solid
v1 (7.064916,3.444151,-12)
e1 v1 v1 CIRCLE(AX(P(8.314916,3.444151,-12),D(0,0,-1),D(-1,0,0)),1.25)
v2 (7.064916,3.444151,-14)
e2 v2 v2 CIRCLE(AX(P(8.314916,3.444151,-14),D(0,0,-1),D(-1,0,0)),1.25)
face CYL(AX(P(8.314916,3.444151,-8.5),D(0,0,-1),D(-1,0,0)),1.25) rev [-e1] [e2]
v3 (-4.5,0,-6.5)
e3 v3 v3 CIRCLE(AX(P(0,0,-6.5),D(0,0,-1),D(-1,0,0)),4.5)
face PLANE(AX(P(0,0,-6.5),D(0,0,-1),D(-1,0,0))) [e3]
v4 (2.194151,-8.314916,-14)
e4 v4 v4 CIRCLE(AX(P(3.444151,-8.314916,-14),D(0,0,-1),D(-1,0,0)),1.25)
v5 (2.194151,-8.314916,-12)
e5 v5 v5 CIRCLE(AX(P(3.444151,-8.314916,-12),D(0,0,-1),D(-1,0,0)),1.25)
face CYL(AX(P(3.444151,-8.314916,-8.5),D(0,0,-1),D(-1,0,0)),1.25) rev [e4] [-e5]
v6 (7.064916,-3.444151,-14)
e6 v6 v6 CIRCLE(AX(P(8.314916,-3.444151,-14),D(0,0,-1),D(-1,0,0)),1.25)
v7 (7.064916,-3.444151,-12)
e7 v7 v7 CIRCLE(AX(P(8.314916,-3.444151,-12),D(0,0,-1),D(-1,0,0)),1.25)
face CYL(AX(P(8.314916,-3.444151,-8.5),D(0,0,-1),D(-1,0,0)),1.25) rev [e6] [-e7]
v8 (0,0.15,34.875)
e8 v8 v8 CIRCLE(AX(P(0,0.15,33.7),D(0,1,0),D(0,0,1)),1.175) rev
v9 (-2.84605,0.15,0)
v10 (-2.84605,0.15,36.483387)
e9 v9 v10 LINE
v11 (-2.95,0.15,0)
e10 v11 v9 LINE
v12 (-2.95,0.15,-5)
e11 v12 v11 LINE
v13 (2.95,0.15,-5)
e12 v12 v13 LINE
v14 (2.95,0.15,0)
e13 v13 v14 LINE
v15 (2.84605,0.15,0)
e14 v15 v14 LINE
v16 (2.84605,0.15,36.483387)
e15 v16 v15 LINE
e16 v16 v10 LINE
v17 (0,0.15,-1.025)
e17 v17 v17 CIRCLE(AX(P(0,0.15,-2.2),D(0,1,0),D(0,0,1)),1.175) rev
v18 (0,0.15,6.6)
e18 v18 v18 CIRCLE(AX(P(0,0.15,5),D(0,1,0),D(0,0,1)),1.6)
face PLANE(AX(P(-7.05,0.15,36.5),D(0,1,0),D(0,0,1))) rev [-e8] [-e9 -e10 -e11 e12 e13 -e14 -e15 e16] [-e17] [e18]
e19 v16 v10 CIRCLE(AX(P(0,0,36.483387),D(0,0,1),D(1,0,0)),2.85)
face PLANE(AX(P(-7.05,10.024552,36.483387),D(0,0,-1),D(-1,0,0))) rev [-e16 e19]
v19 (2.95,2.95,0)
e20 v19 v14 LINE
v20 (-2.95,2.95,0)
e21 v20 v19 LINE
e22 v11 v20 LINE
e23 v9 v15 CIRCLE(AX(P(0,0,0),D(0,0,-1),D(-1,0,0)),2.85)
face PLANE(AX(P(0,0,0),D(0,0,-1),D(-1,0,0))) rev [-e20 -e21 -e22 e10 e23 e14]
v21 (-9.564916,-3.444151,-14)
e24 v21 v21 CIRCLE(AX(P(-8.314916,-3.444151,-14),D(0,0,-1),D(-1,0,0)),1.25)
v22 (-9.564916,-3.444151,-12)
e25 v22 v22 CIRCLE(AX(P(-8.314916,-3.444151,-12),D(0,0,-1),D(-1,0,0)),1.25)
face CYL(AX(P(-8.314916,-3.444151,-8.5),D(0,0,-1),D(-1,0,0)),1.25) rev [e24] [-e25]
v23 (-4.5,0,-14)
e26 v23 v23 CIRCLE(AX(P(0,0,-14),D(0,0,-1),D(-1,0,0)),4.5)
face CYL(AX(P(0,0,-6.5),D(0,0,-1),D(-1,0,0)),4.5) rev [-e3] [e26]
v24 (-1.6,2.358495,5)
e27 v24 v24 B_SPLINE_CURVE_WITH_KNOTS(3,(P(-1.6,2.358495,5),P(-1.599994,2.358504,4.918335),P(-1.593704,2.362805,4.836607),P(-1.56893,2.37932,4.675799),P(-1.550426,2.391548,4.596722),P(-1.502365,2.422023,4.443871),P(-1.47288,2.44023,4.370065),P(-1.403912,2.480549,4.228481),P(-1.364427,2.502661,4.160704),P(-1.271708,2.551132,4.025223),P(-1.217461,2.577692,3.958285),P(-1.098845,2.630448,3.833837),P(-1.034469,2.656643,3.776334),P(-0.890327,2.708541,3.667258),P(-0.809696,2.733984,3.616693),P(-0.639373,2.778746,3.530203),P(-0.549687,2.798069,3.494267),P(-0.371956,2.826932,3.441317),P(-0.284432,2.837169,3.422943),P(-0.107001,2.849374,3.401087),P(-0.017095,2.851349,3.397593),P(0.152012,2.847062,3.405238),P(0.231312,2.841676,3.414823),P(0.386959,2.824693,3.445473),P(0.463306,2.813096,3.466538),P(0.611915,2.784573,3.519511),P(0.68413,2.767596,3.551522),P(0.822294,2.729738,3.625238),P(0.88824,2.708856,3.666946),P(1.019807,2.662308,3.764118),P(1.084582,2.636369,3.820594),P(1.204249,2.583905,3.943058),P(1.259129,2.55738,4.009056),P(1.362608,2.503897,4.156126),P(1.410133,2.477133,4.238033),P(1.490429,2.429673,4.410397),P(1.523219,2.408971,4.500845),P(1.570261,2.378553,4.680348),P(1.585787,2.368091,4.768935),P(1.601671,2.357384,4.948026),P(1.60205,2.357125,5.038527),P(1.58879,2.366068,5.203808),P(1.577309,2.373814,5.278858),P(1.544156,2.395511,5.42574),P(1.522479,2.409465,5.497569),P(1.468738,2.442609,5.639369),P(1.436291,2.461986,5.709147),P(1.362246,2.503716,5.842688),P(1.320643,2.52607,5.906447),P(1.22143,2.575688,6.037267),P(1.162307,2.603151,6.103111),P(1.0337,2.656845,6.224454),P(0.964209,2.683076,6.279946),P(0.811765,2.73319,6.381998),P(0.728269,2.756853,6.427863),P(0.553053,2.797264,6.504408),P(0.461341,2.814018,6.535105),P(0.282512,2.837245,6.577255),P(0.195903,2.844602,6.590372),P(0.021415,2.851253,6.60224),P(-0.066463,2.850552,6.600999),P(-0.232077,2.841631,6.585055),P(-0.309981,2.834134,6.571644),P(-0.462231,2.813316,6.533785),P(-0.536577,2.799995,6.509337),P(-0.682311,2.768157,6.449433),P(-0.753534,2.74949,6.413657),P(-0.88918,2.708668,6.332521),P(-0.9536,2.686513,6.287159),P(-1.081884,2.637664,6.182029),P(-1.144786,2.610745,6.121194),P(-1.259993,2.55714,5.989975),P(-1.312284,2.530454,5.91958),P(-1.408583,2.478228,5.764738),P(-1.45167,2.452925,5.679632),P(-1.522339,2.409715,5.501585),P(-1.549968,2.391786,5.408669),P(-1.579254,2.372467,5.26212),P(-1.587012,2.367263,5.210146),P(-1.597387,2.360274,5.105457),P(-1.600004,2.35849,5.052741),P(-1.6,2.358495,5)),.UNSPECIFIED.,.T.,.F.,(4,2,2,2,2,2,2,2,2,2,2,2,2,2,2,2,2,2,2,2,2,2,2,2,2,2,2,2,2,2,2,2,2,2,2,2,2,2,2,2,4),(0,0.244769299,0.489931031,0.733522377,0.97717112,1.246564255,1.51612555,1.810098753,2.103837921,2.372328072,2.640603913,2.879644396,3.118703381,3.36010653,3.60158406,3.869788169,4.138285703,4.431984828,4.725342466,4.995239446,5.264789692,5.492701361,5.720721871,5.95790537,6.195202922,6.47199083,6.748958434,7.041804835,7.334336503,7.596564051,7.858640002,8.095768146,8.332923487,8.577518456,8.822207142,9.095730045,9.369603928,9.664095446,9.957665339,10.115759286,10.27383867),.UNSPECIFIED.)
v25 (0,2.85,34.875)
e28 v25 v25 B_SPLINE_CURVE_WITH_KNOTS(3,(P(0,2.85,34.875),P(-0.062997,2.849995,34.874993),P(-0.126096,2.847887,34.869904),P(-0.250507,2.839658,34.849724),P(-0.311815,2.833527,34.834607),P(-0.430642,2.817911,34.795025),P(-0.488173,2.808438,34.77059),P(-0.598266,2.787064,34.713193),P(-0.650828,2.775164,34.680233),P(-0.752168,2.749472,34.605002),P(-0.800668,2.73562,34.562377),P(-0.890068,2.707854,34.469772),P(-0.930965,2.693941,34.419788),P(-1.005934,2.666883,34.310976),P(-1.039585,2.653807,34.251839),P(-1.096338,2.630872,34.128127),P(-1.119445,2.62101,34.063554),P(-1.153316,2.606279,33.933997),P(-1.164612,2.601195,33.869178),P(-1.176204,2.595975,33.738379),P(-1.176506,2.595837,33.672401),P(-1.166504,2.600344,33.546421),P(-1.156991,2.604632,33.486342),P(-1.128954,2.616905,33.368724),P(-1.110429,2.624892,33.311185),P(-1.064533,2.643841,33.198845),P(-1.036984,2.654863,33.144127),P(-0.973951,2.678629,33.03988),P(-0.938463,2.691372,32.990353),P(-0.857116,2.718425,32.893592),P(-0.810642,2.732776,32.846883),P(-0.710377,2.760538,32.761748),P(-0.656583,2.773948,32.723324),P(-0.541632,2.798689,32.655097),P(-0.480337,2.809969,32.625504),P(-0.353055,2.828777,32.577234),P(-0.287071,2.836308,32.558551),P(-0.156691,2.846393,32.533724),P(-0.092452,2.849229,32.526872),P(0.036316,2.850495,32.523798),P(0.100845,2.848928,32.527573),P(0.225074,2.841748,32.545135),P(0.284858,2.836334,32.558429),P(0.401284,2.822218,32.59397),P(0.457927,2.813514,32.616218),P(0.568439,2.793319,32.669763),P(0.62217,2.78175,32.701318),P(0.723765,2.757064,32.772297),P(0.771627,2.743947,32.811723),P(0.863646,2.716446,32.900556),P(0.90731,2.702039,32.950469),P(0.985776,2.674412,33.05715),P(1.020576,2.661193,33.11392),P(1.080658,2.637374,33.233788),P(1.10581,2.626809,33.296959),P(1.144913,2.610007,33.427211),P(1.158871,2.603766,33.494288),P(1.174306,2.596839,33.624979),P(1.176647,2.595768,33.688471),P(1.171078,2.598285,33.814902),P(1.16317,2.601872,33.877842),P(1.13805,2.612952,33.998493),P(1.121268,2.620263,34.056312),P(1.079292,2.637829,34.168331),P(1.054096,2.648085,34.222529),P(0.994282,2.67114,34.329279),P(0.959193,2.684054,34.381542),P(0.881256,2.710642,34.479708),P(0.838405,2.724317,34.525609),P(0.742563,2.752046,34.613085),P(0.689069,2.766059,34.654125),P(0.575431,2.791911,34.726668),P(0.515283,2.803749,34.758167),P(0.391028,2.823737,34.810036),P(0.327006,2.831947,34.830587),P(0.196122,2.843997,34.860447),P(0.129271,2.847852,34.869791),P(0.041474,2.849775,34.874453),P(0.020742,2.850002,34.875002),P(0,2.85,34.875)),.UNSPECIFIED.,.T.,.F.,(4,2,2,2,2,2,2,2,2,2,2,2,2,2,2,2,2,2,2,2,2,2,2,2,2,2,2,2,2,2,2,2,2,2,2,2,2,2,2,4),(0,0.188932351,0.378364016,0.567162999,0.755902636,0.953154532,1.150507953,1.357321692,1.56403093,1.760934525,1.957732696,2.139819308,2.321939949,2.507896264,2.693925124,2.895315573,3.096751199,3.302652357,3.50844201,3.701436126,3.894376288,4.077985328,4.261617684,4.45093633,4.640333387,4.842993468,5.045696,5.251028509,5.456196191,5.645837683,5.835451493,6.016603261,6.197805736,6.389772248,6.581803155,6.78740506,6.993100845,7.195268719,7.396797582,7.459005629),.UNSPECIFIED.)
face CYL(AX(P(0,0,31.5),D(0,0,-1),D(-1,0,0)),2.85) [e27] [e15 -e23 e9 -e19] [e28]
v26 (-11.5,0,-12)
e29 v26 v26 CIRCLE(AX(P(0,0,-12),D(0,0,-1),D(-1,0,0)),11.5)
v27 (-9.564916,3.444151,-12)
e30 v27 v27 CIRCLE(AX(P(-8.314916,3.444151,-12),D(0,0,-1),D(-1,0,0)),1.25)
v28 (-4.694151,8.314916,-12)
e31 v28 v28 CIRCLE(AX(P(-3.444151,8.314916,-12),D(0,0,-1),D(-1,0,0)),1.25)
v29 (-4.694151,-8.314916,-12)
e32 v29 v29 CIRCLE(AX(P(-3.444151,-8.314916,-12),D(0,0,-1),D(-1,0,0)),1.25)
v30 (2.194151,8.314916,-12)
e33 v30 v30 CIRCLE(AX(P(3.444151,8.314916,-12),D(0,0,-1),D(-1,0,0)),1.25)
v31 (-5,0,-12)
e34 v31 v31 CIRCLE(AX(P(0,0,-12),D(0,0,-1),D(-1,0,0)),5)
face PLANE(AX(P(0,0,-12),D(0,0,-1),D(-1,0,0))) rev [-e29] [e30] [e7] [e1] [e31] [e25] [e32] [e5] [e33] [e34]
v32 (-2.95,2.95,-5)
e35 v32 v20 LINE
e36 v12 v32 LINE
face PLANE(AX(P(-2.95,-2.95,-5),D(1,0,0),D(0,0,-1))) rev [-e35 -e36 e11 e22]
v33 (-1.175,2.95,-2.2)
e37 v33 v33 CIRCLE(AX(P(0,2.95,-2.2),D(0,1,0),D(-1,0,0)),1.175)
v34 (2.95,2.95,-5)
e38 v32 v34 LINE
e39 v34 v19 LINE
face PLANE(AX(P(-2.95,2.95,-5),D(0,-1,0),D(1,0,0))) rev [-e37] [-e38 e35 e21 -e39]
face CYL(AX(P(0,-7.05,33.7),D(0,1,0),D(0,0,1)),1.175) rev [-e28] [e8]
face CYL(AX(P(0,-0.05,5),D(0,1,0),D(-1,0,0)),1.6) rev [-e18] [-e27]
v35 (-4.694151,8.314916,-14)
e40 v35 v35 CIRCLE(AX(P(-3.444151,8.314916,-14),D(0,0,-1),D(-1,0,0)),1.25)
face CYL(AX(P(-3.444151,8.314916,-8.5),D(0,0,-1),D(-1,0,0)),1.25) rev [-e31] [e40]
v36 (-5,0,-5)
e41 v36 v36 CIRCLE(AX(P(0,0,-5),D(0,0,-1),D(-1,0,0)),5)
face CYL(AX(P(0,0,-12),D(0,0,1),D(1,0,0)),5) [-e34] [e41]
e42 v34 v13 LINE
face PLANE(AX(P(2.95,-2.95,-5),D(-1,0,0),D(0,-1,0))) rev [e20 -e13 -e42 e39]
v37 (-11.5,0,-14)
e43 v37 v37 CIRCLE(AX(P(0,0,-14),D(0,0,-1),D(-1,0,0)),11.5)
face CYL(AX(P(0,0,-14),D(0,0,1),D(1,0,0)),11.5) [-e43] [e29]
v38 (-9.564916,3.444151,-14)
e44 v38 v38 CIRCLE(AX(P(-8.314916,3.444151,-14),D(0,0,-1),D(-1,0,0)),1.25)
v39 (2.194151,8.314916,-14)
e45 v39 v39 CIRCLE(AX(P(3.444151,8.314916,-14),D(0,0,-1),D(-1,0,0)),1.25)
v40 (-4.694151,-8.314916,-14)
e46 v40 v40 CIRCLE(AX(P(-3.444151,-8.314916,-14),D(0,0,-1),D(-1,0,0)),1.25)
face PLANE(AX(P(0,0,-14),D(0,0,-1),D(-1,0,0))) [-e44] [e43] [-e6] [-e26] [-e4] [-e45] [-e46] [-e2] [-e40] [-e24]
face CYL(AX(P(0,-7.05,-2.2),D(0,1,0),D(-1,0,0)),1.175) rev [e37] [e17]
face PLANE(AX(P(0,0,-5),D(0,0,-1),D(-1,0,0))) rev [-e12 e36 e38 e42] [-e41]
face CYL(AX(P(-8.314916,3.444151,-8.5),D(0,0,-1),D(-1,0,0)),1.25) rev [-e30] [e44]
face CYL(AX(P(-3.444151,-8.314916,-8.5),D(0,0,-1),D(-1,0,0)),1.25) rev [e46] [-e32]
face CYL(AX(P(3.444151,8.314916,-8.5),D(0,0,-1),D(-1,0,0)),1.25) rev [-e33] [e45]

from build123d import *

# Parameters (mm, degrees)
SKETCH_1_R           = 2.85
EXTRUDE_1_DEPTH      = 31.5
SKETCH_3_W           = 5.9
SKETCH_3_H           = 5.9
EXTRUDE_2_DEPTH      = 5
SKETCH_4_R           = 5
EXTRUDE_3_DEPTH      = 7
SKETCH_6_R           = 11.5
EXTRUDE_4_DEPTH      = 2
SKETCH_8_R           = 4.5
CUT_EXTRUDE_2_DEPTH  = 7.5
SKETCH_9_R           = 1.25
CUT_EXTRUDE_3_DEPTH  = 5.5
SKETCH_10_R          = 1.175
CUT_EXTRUDE_7_DEPTH  = 10
SKETCH_12_W          = 5.9
SKETCH_12_H          = 5.9
EXTRUDE_5_DEPTH      = 45
SKETCH_15_W          = 5.9
SKETCH_15_H          = 20.04910328
EXTRUDE_6_DEPTH      = 6
SKETCH_16_R          = 1.175
CUT_EXTRUDE_8_DEPTH  = 10
SKETCH_18_W          = 41.5
SKETCH_18_H          = 3.1
CUT_EXTRUDE_9_DEPTH  = 10
SKETCH_19_W          = 46.016613228
SKETCH_19_H          = 26.924390235
CUT_EXTRUDE_10_DEPTH = 10
SKETCH_21_OUTSIDE_W  = 37.01
SKETCH_21_OUTSIDE_H  = 37.01
SKETCH_21_OUTSIDE_R  = 2.85
CUT_EXTRUDE_11_DEPTH = 10
SKETCH_22_R          = 1.6
CUT_EXTRUDE_12_DEPTH = 3


with BuildPart() as part:
    # 스케치1 → 보스-돌출1 (new body)
    with BuildSketch(Plane.XY):
        Circle(SKETCH_1_R)
    extrude(amount=EXTRUDE_1_DEPTH)

    # 스케치3 → 보스-돌출2 (add)
    with BuildSketch(Plane(origin=(0, 0, 0), x_dir=(-1, 0, 0), z_dir=(0, 0, -1))):
        Rectangle(SKETCH_3_W, SKETCH_3_H)
    extrude(amount=EXTRUDE_2_DEPTH)

    # 스케치4 → 보스-돌출3 (add)
    with BuildSketch(Plane(origin=(0, 0, -5), x_dir=(-1, 0, 0), z_dir=(0, 0, -1))):
        Circle(SKETCH_4_R)
    extrude(amount=EXTRUDE_3_DEPTH)

    # 스케치6 → 보스-돌출4 (add)
    with BuildSketch(Plane(origin=(0, 0, -12), x_dir=(-1, 0, 0), z_dir=(0, 0, -1))):
        Circle(SKETCH_6_R)
    extrude(amount=EXTRUDE_4_DEPTH)

    # 스케치8 → 컷-돌출2 (cut)
    with BuildSketch(Plane(origin=(0, 0, -14), x_dir=(-1, 0, 0), z_dir=(0, 0, -1))):
        Circle(SKETCH_8_R)
    extrude(amount=-CUT_EXTRUDE_2_DEPTH, mode=Mode.SUBTRACT)

    # 스케치9 → 컷-돌출3 (cut)
    with BuildSketch(Plane(origin=(0, 0, -14), x_dir=(-1, 0, 0), z_dir=(0, 0, -1))):
        with Locations((3.444150891, 8.314915793)):
            Circle(SKETCH_9_R)
        with Locations((-3.444150891, 8.314915793)):
            Circle(SKETCH_9_R)
        with Locations((8.314915793, 3.444150891)):
            Circle(SKETCH_9_R)
        with Locations((8.314915793, -3.444150891)):
            Circle(SKETCH_9_R)
        with Locations((3.444150891, -8.314915793)):
            Circle(SKETCH_9_R)
        with Locations((-3.444150891, -8.314915793)):
            Circle(SKETCH_9_R)
        with Locations((-8.314915793, -3.444150891)):
            Circle(SKETCH_9_R)
        with Locations((-8.314915793, 3.444150891)):
            Circle(SKETCH_9_R)
    extrude(amount=-CUT_EXTRUDE_3_DEPTH, mode=Mode.SUBTRACT)

    # 스케치10 → 컷-돌출7 (cut)
    with BuildSketch(Plane(origin=(0, 2.95, 0), x_dir=(1, 0, 0), z_dir=(0, 1, 0))):
        with Locations(Location((0, 2.2, 0), (0, 0, 180))):
            Circle(SKETCH_10_R)
    extrude(amount=-CUT_EXTRUDE_7_DEPTH, mode=Mode.SUBTRACT)

    # 스케치12 → 보스-돌출5 (add)
    with BuildSketch(Plane.XY.offset(31.5)):
        Rectangle(SKETCH_12_W, SKETCH_12_H)
    extrude(amount=EXTRUDE_5_DEPTH)

    # 스케치15 → 보스-돌출6 (add)
    with BuildSketch(Plane.XY.offset(76.5)):
        Rectangle(SKETCH_15_W, SKETCH_15_H)
    extrude(amount=EXTRUDE_6_DEPTH)

    # 스케치16 → 컷-돌출8 (cut)
    with BuildSketch(Plane(origin=(0, 2.95, 0), x_dir=(1, 0, 0), z_dir=(0, 1, 0))):
        with Locations(Location((0, -33.7, 0), (0, 0, 270))):
            Circle(SKETCH_16_R)
    extrude(amount=-CUT_EXTRUDE_8_DEPTH, mode=Mode.SUBTRACT)

    # 스케치18 → 컷-돌출9 (cut)
    with BuildSketch(Plane(origin=(2.95, 0, 0), x_dir=(0, 0, -1), z_dir=(1, 0, 0))):
        with Locations((-15.75, -1.4)):
            Rectangle(SKETCH_18_W, SKETCH_18_H)
    extrude(amount=-CUT_EXTRUDE_9_DEPTH, mode=Mode.SUBTRACT)

    # 스케치19 → 컷-돌출10 (cut)
    with BuildSketch(Plane(origin=(2.95, 0, 0), x_dir=(0, 0, -1), z_dir=(1, 0, 0))):
        with Locations((-59.491693386, -3.437643478)):
            Rectangle(SKETCH_19_W, SKETCH_19_H)
    extrude(amount=-CUT_EXTRUDE_10_DEPTH, mode=Mode.SUBTRACT)

    # 스케치21 outside → 컷-돌출11 (cut)
    with BuildSketch(Plane.XY.offset(36.483386772)):
        Rectangle(SKETCH_21_OUTSIDE_W, SKETCH_21_OUTSIDE_H)
        Circle(SKETCH_21_OUTSIDE_R, mode=Mode.SUBTRACT)
    extrude(amount=-CUT_EXTRUDE_11_DEPTH, mode=Mode.SUBTRACT)

    # 스케치22 → 컷-돌출12 (cut)
    with BuildSketch(Plane(origin=(0, 2.95, 0), x_dir=(1, 0, 0), z_dir=(0, 1, 0))):
        with Locations(Location((0, -5, 0), (0, 0, 180))):
            Circle(SKETCH_22_R)
    extrude(amount=-CUT_EXTRUDE_12_DEPTH, mode=Mode.SUBTRACT)


solid = part.part
